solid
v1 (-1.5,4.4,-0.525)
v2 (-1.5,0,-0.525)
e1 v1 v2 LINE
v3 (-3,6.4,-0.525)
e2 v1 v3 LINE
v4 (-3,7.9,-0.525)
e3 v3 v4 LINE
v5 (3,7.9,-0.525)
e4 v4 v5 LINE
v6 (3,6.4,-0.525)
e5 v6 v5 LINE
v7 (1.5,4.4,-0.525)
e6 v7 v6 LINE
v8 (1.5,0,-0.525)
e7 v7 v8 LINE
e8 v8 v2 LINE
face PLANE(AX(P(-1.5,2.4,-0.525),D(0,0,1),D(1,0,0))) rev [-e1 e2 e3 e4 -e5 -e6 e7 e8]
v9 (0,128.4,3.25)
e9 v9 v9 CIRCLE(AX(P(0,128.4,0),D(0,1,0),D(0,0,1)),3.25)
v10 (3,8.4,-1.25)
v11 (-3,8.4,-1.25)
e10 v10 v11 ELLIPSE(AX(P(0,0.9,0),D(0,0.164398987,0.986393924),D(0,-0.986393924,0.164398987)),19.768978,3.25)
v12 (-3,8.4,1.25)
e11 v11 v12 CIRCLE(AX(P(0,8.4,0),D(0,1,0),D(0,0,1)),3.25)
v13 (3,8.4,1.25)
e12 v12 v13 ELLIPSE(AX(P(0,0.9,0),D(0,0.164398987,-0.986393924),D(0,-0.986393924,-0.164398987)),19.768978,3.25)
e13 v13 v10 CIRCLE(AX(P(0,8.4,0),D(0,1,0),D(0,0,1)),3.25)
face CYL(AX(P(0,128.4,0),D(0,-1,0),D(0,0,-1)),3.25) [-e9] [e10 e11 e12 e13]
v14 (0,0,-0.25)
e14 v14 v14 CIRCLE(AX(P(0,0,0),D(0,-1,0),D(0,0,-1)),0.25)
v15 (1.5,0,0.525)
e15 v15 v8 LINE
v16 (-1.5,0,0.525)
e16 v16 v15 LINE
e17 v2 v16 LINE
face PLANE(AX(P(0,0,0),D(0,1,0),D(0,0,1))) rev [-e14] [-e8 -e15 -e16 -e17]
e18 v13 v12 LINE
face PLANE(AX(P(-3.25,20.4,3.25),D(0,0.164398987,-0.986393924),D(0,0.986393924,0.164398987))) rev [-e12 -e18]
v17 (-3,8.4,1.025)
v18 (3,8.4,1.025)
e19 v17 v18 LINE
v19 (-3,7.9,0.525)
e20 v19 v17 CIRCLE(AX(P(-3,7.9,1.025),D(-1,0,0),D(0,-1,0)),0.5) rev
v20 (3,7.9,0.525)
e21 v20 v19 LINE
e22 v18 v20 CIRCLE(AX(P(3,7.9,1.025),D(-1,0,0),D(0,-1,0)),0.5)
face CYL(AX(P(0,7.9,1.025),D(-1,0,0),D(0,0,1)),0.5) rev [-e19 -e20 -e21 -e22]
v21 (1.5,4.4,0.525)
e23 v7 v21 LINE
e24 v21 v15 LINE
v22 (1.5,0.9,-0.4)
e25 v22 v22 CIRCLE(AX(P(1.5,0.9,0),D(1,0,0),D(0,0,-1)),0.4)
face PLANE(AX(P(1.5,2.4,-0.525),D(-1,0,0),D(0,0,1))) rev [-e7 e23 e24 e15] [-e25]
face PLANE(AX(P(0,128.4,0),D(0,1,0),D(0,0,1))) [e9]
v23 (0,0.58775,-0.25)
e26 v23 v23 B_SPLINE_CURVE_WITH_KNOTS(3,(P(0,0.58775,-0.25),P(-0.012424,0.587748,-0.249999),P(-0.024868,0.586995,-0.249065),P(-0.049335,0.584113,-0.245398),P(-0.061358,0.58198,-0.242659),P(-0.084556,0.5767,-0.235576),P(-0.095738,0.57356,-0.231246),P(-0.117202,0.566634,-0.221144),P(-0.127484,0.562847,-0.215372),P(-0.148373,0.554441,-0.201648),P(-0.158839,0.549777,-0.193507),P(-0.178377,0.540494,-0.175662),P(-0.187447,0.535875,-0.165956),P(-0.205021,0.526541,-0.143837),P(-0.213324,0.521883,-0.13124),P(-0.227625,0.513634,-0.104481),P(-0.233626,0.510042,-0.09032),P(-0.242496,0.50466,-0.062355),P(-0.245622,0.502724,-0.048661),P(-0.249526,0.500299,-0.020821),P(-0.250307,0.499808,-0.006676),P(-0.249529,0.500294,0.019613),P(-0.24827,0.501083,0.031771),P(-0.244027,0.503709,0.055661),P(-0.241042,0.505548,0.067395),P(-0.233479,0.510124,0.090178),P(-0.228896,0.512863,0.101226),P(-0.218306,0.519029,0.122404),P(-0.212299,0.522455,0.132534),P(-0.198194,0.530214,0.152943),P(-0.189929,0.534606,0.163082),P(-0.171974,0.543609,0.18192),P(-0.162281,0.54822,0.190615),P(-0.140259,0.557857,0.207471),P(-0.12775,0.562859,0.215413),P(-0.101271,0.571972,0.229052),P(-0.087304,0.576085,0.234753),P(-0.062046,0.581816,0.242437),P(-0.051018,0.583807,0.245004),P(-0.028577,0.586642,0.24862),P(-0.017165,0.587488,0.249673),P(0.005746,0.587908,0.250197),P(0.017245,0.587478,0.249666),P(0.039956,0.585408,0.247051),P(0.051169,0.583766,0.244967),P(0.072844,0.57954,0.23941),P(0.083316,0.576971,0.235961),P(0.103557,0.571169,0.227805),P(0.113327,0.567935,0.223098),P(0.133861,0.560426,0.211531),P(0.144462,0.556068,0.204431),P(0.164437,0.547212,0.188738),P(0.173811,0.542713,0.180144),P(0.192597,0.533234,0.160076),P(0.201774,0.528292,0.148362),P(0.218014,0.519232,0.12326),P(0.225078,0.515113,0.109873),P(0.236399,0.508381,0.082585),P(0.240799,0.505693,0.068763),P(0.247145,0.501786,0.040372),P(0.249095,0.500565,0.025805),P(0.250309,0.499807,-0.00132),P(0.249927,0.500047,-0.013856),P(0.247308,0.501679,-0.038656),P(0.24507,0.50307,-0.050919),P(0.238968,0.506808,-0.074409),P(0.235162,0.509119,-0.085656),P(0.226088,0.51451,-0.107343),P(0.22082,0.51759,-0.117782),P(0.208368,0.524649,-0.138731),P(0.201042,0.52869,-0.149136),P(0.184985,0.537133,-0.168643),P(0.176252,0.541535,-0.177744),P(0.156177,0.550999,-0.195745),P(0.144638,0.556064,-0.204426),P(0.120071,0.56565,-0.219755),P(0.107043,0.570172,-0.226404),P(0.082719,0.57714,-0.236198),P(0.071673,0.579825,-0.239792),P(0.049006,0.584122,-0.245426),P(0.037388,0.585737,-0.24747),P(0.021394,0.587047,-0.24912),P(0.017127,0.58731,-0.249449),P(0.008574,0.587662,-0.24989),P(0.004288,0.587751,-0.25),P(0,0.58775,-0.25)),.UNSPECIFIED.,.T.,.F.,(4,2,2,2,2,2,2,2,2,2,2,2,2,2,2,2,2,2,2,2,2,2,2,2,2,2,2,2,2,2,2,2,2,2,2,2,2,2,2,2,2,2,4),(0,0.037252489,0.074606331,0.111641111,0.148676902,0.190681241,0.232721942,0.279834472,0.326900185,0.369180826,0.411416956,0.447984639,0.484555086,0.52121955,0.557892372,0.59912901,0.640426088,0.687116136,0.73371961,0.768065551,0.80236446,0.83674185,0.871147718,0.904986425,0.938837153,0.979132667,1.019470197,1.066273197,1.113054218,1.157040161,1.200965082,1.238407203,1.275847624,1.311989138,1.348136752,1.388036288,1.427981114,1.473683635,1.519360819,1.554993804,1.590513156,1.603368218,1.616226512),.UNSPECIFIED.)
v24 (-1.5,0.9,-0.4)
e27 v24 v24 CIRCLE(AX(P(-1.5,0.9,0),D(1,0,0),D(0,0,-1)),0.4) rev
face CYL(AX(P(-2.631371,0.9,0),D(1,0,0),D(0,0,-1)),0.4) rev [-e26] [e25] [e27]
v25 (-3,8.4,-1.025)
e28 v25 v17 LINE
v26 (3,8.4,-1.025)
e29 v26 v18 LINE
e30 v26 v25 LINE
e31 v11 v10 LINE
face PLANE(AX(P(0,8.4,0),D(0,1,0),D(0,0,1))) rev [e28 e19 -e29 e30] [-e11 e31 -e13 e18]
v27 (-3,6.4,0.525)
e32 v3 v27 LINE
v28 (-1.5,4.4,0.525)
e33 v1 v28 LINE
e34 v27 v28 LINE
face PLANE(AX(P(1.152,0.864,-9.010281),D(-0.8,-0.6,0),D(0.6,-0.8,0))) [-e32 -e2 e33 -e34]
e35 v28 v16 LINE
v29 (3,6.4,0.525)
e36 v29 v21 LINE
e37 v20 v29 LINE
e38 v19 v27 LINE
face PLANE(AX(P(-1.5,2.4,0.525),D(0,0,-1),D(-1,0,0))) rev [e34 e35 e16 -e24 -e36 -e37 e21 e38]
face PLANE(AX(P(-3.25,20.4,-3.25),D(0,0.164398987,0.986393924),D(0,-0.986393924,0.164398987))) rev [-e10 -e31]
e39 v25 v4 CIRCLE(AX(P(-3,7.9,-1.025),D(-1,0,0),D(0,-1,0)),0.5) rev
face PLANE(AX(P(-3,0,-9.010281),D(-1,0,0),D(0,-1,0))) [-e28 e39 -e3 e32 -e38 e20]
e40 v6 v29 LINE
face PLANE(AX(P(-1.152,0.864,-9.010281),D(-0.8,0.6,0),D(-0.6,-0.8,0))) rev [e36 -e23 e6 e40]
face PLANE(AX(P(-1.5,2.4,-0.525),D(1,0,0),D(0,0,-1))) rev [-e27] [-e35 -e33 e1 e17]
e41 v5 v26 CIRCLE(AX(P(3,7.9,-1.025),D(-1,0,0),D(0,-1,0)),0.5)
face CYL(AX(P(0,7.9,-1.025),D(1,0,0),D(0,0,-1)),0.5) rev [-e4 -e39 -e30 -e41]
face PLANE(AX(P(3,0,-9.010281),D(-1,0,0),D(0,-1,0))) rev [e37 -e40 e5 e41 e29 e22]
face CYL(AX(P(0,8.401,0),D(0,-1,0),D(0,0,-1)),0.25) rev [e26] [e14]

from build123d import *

# Parameters (mm, degrees)
SKETCH1_W           = 3
SKETCH1_H           = 1.05
BOSS_EXTRUDE1_DEPTH = 2.4
SKETCH2_R           = 0.4
CUT_EXTRUDE1_DEPTH  = 3
SKETCH3_W           = 6
SKETCH3_H           = 2
SKETCH3_W_2         = 3
BOSS_EXTRUDE2_DEPTH = 1.05
CUT_EXTRUDE2_REACH  = 10.4
SKETCH4_R           = 0.25
SKETCH5_R           = 3.25
BOSS_EXTRUDE3_DEPTH = 120
FILLET2_R           = 0.5
CUT_EXTRUDE3_DEPTH  = 3.25


with BuildPart() as part:
    # Sketch1 → Boss-Extrude1 (new body)
    with BuildSketch(Plane(origin=(0, 0, 0), x_dir=(1, 0, 0), z_dir=(0, 1, 0))):
        Rectangle(SKETCH1_W, SKETCH1_H)
    extrude(amount=BOSS_EXTRUDE1_DEPTH)

    # Sketch2 → Cut-Extrude1 (cut)
    with BuildSketch(Plane(origin=(1.5, 0, 0), x_dir=(0, 0, -1), z_dir=(1, 0, 0))):
        with Locations((0, 0.9)):
            Circle(SKETCH2_R)
    extrude(amount=-CUT_EXTRUDE1_DEPTH, mode=Mode.SUBTRACT)

    # Sketch3 → Boss-Extrude2 (add)
    with BuildSketch(Plane.XY.offset(0.525)):
        with Locations((0, 7.4)):
            Rectangle(SKETCH3_W, SKETCH3_H)
        Polygon((3, 6.4), (1.5, 4.4), (-1.5, 4.4), (-3, 6.4), align=None)
        with Locations((0, 3.4)):
            Rectangle(SKETCH3_W_2, SKETCH3_H)
    extrude(amount=-BOSS_EXTRUDE2_DEPTH)

    # Sketch4 → Cut-Extrude2 (cut, up to next)
    with BuildSketch(Plane.XZ, mode=Mode.PRIVATE) as cut_extrude2_sk1:
        Circle(SKETCH4_R)
    cut_extrude2_tool1 = extrude(cut_extrude2_sk1.sketch, amount=-CUT_EXTRUDE2_REACH, mode=Mode.PRIVATE) & part.part
    add(cut_extrude2_tool1.solids().sort_by_distance((0, 0, 0))[0], mode=Mode.SUBTRACT)

    # Sketch5 → Boss-Extrude3 (add)
    with BuildSketch(Plane(origin=(0, 8.4, 0), x_dir=(1, 0, 0), z_dir=(0, 1, 0))):
        Circle(SKETCH5_R)
    extrude(amount=BOSS_EXTRUDE3_DEPTH)

    # Fillet2
    fillet2_edges = [part.edges().sort_by_distance(p)[0] for p in [
        (0, 8.4, -0.525),
        (0, 8.4, 0.525),
    ]]
    fillet(fillet2_edges, radius=FILLET2_R)

    # Sketch6 → Cut-Extrude3 (cut, symmetric)
    with BuildSketch(Plane(origin=(0, 0, 0), x_dir=(0, 0, -1), z_dir=(1, 0, 0))):
        Polygon((-3.25, 8.4), (-3.25, 20.4), (-1.25, 8.4), align=None)
        Polygon((3.25, 8.4), (3.25, 20.4), (1.25, 8.4), align=None)
    extrude(amount=CUT_EXTRUDE3_DEPTH, both=True, mode=Mode.SUBTRACT)


solid = part.part
